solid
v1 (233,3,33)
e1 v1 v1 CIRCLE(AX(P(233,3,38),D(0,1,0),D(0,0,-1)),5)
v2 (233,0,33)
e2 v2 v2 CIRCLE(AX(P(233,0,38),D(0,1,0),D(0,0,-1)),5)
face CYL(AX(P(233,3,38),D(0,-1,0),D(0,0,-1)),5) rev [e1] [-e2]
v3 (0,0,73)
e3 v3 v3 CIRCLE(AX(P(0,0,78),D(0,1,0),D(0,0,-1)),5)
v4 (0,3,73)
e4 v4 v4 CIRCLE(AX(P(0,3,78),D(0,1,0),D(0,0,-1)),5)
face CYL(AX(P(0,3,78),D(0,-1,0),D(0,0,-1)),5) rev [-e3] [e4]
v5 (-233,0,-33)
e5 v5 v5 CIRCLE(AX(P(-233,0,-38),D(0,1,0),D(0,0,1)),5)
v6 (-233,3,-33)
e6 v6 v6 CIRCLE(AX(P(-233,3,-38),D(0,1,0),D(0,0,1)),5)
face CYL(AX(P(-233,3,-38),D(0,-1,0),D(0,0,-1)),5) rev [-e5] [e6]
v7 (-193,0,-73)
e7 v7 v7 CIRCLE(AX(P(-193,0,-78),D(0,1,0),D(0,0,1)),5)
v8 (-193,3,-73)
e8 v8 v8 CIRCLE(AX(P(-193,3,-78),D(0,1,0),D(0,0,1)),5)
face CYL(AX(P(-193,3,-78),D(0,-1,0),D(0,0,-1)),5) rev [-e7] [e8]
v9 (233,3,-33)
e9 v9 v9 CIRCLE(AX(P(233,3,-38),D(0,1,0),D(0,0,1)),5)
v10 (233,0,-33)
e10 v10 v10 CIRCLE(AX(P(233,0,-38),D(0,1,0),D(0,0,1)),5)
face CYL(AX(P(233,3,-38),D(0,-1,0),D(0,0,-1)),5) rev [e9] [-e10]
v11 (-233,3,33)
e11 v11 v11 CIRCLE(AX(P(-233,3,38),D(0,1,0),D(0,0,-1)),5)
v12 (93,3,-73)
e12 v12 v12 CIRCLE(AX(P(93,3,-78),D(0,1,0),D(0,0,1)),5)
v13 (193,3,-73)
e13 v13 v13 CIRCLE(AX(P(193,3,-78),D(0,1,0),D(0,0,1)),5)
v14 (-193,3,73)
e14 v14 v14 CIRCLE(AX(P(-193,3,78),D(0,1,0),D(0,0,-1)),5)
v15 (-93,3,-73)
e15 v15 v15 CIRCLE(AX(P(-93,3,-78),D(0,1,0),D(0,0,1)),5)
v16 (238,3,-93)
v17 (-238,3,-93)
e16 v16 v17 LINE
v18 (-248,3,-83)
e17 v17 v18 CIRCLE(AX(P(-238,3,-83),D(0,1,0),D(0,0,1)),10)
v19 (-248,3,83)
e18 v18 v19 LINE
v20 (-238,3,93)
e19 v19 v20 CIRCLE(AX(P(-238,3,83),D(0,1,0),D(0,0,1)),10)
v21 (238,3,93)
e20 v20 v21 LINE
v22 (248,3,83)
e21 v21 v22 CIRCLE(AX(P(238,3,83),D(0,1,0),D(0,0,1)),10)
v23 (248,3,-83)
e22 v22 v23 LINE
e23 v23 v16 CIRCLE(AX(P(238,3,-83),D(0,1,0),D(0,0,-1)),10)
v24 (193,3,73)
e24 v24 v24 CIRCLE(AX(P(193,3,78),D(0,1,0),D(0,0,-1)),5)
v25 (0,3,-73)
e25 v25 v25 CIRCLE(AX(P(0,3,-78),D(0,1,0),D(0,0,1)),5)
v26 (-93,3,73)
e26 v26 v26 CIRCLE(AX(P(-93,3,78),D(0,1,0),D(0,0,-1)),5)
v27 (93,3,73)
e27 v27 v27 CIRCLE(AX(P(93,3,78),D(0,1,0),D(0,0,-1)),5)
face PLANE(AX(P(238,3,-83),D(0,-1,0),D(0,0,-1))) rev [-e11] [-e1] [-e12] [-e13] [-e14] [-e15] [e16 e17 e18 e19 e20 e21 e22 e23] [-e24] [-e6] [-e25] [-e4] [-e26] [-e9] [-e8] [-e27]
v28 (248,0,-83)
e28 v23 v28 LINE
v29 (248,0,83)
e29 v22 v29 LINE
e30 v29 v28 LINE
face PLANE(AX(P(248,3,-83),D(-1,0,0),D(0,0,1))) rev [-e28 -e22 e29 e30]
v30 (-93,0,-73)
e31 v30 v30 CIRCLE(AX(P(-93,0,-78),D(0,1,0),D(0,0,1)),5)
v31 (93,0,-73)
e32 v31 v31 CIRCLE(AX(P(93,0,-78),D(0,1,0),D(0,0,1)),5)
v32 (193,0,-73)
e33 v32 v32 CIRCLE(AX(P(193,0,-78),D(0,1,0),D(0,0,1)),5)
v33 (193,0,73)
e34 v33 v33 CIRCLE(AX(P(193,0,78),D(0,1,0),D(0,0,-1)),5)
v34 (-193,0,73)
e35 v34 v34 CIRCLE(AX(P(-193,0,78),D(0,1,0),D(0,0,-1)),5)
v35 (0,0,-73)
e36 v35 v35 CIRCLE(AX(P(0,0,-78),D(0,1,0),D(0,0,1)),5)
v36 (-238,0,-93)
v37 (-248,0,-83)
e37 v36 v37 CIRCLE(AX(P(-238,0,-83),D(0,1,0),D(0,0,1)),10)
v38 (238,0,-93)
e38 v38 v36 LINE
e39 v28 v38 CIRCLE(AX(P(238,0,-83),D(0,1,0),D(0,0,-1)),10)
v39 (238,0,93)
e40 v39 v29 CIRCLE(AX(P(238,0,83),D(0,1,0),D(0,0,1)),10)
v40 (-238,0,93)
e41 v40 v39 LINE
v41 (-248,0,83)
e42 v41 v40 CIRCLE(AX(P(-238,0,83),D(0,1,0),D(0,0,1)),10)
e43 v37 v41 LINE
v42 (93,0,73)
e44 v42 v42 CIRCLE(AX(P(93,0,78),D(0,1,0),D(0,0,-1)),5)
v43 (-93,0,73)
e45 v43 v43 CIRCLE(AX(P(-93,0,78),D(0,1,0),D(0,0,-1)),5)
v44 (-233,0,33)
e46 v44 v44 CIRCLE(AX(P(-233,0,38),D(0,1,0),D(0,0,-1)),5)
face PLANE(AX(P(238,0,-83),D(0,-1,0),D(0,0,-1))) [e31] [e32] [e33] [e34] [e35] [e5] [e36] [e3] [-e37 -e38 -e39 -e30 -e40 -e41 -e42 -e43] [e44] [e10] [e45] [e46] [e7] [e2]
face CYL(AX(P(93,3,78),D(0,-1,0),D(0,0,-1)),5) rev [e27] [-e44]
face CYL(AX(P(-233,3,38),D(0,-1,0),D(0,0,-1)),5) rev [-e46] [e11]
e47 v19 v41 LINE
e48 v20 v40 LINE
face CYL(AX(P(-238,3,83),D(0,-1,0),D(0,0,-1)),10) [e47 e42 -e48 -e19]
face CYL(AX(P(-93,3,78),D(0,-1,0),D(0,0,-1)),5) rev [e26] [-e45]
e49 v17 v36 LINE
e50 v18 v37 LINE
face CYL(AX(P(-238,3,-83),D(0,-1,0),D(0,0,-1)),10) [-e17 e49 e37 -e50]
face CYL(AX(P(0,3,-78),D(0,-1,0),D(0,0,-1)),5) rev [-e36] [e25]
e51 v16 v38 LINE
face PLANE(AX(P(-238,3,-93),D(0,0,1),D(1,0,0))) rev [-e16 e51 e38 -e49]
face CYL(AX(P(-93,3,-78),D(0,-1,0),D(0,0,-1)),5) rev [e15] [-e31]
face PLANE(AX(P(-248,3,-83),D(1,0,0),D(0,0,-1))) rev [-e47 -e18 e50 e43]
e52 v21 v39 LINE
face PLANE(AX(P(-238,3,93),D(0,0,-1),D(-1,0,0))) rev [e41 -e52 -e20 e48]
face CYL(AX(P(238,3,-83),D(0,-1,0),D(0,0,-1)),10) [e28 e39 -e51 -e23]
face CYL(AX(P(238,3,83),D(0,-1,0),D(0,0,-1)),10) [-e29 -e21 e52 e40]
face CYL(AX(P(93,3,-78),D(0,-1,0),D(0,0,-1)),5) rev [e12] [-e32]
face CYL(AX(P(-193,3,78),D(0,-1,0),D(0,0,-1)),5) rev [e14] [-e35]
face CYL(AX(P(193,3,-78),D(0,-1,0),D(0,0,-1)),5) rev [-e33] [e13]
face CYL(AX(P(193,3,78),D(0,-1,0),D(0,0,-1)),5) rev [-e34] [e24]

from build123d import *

# Parameters (mm, degrees)
SKETCH1_R           = 5
BOSS_EXTRUDE1_DEPTH = 3


with BuildPart() as part:
    # Sketch1 → Boss-Extrude1 (new body)
    with BuildSketch(Plane(origin=(0, 0, 0), x_dir=(1, 0, 0), z_dir=(0, 1, 0))):
        with BuildLine():
            Line((-238, 93), (238, 93))
            ThreePointArc((238, 93), (245.071067812, 90.071067812), (248, 83))
            Line((248, 83), (248, -83))
            ThreePointArc((248, -83), (245.071067812, -90.071067812), (238, -93))
            Line((238, -93), (-238, -93))
            ThreePointArc((-238, -93), (-245.071067812, -90.071067812), (-248, -83))
            Line((-248, -83), (-248, 83))
            ThreePointArc((-248, 83), (-245.071067812, 90.071067812), (-238, 93))
        make_face()
        with Locations(Location((-193, 78, 0), (0, 0, 270))):
            Circle(SKETCH1_R, mode=Mode.SUBTRACT)
        with Locations(Location((-93, 78, 0), (0, 0, 270))):
            Circle(SKETCH1_R, mode=Mode.SUBTRACT)
        with Locations(Location((0, 78, 0), (0, 0, 270))):
            Circle(SKETCH1_R, mode=Mode.SUBTRACT)
        with Locations(Location((-233, 38, 0), (0, 0, 270))):
            Circle(SKETCH1_R, mode=Mode.SUBTRACT)
        with Locations(Location((93, 78, 0), (0, 0, 270))):
            Circle(SKETCH1_R, mode=Mode.SUBTRACT)
        with Locations(Location((193, 78, 0), (0, 0, 270))):
            Circle(SKETCH1_R, mode=Mode.SUBTRACT)
        with Locations(Location((233, 38, 0), (0, 0, 270))):
            Circle(SKETCH1_R, mode=Mode.SUBTRACT)
        with Locations(Location((233, -38, 0), (0, 0, 90))):
            Circle(SKETCH1_R, mode=Mode.SUBTRACT)
        with Locations(Location((193, -78, 0), (0, 0, 90))):
            Circle(SKETCH1_R, mode=Mode.SUBTRACT)
        with Locations(Location((93, -78, 0), (0, 0, 90))):
            Circle(SKETCH1_R, mode=Mode.SUBTRACT)
        with Locations(Location((0, -78, 0), (0, 0, 90))):
            Circle(SKETCH1_R, mode=Mode.SUBTRACT)
        with Locations(Location((-93, -78, 0), (0, 0, 90))):
            Circle(SKETCH1_R, mode=Mode.SUBTRACT)
        with Locations(Location((-193, -78, 0), (0, 0, 90))):
            Circle(SKETCH1_R, mode=Mode.SUBTRACT)
        with Locations(Location((-233, -38, 0), (0, 0, 90))):
            Circle(SKETCH1_R, mode=Mode.SUBTRACT)
    extrude(amount=BOSS_EXTRUDE1_DEPTH)


solid = part.part
